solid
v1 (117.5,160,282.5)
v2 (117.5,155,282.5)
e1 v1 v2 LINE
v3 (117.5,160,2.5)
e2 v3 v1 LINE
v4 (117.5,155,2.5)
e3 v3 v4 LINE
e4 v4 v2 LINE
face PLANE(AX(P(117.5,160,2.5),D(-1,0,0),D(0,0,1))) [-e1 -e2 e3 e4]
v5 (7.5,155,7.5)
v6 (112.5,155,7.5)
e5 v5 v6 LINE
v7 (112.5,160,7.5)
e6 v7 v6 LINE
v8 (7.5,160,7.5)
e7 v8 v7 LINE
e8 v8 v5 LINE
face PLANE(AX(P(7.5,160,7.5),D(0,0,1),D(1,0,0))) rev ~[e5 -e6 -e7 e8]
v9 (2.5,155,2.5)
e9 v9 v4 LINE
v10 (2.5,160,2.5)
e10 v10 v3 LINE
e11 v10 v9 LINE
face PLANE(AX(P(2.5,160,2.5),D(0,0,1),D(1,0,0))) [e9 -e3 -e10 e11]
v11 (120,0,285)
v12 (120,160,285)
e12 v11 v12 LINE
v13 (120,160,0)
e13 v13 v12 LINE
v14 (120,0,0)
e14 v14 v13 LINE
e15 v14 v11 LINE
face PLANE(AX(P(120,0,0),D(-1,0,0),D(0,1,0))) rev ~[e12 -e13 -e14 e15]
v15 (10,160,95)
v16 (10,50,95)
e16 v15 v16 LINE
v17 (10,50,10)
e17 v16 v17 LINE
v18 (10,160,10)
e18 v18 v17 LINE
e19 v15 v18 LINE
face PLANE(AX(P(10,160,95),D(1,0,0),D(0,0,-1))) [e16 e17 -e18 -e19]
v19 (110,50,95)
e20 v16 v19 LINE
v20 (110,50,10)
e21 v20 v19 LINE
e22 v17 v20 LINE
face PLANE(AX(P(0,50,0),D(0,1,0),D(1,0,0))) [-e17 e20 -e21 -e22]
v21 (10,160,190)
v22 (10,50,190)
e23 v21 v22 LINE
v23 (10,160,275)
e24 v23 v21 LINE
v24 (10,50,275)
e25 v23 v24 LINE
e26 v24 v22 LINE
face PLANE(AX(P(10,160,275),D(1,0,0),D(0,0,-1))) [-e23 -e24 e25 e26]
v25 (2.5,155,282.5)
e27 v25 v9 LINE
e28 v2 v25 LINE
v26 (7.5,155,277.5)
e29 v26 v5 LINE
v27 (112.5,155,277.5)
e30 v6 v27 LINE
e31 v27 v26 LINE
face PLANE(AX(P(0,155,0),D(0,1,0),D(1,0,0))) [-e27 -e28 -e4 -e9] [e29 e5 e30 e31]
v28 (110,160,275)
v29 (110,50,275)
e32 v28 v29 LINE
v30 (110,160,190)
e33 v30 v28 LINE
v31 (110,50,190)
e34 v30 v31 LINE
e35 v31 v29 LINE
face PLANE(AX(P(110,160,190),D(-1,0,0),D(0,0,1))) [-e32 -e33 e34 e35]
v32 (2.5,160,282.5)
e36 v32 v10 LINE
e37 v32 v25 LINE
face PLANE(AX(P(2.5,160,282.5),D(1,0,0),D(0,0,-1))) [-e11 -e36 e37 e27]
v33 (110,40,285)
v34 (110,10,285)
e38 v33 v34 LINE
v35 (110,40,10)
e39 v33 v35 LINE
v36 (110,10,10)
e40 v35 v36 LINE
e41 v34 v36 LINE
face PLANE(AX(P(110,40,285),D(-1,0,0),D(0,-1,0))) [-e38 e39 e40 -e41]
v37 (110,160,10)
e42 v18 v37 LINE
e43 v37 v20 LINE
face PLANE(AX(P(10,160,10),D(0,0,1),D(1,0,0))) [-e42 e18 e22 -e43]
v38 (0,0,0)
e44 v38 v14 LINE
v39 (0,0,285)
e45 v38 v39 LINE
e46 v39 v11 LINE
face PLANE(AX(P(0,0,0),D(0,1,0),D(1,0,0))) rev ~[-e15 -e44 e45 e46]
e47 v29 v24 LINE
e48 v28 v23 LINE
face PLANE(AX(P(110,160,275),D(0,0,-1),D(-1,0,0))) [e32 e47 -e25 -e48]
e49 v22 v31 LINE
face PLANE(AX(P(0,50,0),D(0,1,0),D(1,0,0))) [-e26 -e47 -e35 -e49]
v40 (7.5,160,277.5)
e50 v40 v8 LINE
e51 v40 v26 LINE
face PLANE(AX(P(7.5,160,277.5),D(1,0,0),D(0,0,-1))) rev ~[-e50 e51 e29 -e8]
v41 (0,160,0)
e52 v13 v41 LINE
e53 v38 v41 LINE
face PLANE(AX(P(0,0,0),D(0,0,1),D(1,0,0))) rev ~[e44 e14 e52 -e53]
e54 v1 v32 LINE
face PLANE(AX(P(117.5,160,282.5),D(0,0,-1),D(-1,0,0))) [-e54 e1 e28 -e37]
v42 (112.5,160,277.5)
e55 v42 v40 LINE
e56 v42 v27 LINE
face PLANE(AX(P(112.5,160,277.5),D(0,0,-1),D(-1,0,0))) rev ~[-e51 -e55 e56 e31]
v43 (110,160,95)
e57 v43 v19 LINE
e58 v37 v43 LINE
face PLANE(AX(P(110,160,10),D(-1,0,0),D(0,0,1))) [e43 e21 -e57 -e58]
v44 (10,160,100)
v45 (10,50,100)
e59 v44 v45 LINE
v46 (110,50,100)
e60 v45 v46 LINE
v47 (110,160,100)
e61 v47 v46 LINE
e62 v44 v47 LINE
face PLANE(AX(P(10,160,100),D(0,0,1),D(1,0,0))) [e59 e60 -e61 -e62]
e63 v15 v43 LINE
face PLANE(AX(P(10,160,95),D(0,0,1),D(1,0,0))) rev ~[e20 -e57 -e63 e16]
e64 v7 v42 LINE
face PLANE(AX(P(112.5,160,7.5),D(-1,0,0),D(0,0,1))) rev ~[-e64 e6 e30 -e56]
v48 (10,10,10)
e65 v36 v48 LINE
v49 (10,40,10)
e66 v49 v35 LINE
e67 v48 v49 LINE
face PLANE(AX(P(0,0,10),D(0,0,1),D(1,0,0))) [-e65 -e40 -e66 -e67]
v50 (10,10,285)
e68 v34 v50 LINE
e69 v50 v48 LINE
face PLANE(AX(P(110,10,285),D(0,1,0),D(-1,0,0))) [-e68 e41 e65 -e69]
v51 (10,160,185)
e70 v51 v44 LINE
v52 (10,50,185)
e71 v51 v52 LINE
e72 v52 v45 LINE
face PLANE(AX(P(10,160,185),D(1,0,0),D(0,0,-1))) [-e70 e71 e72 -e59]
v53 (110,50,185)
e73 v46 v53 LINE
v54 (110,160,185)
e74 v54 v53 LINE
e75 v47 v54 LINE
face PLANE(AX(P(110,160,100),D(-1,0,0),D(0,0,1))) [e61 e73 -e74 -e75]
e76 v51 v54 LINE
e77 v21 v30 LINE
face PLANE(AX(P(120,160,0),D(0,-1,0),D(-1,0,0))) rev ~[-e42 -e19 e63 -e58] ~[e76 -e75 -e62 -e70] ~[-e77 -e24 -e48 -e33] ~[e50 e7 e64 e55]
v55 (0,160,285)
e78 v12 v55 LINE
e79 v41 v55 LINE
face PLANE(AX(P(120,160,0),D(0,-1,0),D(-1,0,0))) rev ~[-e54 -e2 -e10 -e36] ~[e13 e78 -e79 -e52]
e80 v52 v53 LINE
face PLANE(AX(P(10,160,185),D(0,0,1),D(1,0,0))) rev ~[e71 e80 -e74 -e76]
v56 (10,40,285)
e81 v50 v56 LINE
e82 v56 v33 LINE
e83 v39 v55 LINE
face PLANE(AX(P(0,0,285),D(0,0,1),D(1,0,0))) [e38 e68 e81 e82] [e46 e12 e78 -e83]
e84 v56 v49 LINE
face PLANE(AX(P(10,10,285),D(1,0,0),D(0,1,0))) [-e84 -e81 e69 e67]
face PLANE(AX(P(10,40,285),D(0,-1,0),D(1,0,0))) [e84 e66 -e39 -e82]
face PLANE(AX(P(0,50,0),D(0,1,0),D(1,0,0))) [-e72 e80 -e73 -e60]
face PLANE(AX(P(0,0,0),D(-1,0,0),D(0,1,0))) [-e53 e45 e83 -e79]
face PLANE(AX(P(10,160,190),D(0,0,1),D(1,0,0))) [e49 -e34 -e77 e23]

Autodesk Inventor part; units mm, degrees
ref_plane "YZ Plane" through (0, 0, 0) normal (1, 0, 0) x (0, 1, 0)
ref_plane "XZ Plane" through (0, 0, 0) normal (0, 1, 0) x (-1, 0, 0)
ref_plane "XY Plane" through (0, 0, 0) normal (0, 0, 1) x (1, 0, 0)
sketch "Skizze1" plane through (0, 0, 0) normal (0, 0, 1) x (1, 0, 0)
  line L0 (-24, 0) -> (144, 0) projected
  line L1 (0, -32) -> (0, 192) projected
  line L2 (0, 0) -> (120, 0)
  line L3 (120, 0) -> (120, 160)
  line L4 (120, 160) -> (0, 160)
  line L5 (0, 160) -> (0, 0)
  point P0 (0, 160)
  dimension "d0" = 120
  dimension "d1" = 160
extrude "Extrusion1" add sketch "Skizze1" along normal blind 285
sketch "Skizze2" plane through (0, 160, 0) normal (0, 1, 0) x (1, 0, 0)
  point P0 (0, 0)
sketch "Skizze3" plane through (0, 0, 285) normal (0, 0, 1) x (1, 0, 0)
  line L0 (10, 40) -> (110, 40)
  line L1 (110, 40) -> (110, 10)
  line L2 (110, 10) -> (10, 10)
  line L3 (10, 10) -> (10, 40)
  line L4 (0, 0) -> (120, 0) projected
  line L5 (120, 0) -> (120, 160) projected
  line L6 (0, 160) -> (0, 0) projected
  dimension "d4" = 10
  dimension "d5" = 10
  dimension "d6" = 10
  dimension "d7" = 30
extrude "Extrusion2" cut sketch "Skizze3" against normal blind 275
sketch "Skizze4" plane through (0, 160, 0) normal (0, 1, 0) x (1, 0, 0)
  point P0 (0, 0)
sketch "Skizze5" plane through (0, 160, 0) normal (0, 1, 0) x (1, 0, 0)
  line L0 (10, -10) -> (110, -10)
  line L1 (110, -10) -> (110, -275)
  line L2 (110, -275) -> (10, -275)
  line L3 (10, -275) -> (10, -10)
  line L4 (10, -190) -> (110, -190)
  line L5 (120, 0) -> (0, 0) projected
  line L6 (10, -100) -> (110, -100)
  line L7 (10, -185) -> (110, -185)
  line L8 (120, -285) -> (0, -285) projected
  line L9 (10, -95) -> (110, -95)
  line L10 (0, 0) -> (0, -285) projected
  line L11 (120, 0) -> (120, -285) projected
  dimension "d10" = 10
  dimension "d11" = 10
  dimension "d12" = 5
  dimension "d13" = 85
  dimension "d14" = 85
  dimension "d15" = 5
  dimension "d16" = 85
  dimension "d17" = 10
  dimension "d18" = 10
extrude "Extrusion3" cut sketch "Skizze5" against normal blind 110 contours L0 L1 L9 L3 | L6 L1 L7 L3 | L4 L1 L2 L3
sketch "Skizze6" plane through (0, 160, 0) normal (0, 1, 0) x (1, 0, 0)
  line L0 (7.5, -7.5) -> (112.5, -7.5)
  line L1 (112.5, -7.5) -> (112.5, -277.5)
  line L2 (112.5, -277.5) -> (7.5, -277.5)
  line L3 (7.5, -277.5) -> (7.5, -7.5)
  line L4 (2.5, -2.5) -> (117.5, -2.5)
  line L5 (117.5, -2.5) -> (117.5, -282.5)
  line L6 (117.5, -282.5) -> (2.5, -282.5)
  line L7 (2.5, -282.5) -> (2.5, -2.5)
  line L8 (120, 0) -> (120, -285) projected
  line L9 (110, -190) -> (110, -275) projected
  line L10 (110, -275) -> (10, -275) projected
  line L11 (120, -285) -> (0, -285) projected
  line L12 (10, -275) -> (10, -190) projected
  line L13 (0, 0) -> (0, -285) projected
  line L14 (120, 0) -> (0, 0) projected
  line L15 (10, -10) -> (110, -10) projected
  dimension "d21" = 2.5
  dimension "d22" = 2.5
  dimension "d23" = 2.5
  dimension "d24" = 2.5
  dimension "d25" = 2.5
  dimension "d26" = 2.5
  dimension "d27" = 2.5
  dimension "d28" = 2.5
extrude "Extrusion4" cut sketch "Skizze6" against normal blind 5 contours L4 L5 L6 L7
properties part number "EierkocherTeil1" material "Acetalharz, Schwarz"
